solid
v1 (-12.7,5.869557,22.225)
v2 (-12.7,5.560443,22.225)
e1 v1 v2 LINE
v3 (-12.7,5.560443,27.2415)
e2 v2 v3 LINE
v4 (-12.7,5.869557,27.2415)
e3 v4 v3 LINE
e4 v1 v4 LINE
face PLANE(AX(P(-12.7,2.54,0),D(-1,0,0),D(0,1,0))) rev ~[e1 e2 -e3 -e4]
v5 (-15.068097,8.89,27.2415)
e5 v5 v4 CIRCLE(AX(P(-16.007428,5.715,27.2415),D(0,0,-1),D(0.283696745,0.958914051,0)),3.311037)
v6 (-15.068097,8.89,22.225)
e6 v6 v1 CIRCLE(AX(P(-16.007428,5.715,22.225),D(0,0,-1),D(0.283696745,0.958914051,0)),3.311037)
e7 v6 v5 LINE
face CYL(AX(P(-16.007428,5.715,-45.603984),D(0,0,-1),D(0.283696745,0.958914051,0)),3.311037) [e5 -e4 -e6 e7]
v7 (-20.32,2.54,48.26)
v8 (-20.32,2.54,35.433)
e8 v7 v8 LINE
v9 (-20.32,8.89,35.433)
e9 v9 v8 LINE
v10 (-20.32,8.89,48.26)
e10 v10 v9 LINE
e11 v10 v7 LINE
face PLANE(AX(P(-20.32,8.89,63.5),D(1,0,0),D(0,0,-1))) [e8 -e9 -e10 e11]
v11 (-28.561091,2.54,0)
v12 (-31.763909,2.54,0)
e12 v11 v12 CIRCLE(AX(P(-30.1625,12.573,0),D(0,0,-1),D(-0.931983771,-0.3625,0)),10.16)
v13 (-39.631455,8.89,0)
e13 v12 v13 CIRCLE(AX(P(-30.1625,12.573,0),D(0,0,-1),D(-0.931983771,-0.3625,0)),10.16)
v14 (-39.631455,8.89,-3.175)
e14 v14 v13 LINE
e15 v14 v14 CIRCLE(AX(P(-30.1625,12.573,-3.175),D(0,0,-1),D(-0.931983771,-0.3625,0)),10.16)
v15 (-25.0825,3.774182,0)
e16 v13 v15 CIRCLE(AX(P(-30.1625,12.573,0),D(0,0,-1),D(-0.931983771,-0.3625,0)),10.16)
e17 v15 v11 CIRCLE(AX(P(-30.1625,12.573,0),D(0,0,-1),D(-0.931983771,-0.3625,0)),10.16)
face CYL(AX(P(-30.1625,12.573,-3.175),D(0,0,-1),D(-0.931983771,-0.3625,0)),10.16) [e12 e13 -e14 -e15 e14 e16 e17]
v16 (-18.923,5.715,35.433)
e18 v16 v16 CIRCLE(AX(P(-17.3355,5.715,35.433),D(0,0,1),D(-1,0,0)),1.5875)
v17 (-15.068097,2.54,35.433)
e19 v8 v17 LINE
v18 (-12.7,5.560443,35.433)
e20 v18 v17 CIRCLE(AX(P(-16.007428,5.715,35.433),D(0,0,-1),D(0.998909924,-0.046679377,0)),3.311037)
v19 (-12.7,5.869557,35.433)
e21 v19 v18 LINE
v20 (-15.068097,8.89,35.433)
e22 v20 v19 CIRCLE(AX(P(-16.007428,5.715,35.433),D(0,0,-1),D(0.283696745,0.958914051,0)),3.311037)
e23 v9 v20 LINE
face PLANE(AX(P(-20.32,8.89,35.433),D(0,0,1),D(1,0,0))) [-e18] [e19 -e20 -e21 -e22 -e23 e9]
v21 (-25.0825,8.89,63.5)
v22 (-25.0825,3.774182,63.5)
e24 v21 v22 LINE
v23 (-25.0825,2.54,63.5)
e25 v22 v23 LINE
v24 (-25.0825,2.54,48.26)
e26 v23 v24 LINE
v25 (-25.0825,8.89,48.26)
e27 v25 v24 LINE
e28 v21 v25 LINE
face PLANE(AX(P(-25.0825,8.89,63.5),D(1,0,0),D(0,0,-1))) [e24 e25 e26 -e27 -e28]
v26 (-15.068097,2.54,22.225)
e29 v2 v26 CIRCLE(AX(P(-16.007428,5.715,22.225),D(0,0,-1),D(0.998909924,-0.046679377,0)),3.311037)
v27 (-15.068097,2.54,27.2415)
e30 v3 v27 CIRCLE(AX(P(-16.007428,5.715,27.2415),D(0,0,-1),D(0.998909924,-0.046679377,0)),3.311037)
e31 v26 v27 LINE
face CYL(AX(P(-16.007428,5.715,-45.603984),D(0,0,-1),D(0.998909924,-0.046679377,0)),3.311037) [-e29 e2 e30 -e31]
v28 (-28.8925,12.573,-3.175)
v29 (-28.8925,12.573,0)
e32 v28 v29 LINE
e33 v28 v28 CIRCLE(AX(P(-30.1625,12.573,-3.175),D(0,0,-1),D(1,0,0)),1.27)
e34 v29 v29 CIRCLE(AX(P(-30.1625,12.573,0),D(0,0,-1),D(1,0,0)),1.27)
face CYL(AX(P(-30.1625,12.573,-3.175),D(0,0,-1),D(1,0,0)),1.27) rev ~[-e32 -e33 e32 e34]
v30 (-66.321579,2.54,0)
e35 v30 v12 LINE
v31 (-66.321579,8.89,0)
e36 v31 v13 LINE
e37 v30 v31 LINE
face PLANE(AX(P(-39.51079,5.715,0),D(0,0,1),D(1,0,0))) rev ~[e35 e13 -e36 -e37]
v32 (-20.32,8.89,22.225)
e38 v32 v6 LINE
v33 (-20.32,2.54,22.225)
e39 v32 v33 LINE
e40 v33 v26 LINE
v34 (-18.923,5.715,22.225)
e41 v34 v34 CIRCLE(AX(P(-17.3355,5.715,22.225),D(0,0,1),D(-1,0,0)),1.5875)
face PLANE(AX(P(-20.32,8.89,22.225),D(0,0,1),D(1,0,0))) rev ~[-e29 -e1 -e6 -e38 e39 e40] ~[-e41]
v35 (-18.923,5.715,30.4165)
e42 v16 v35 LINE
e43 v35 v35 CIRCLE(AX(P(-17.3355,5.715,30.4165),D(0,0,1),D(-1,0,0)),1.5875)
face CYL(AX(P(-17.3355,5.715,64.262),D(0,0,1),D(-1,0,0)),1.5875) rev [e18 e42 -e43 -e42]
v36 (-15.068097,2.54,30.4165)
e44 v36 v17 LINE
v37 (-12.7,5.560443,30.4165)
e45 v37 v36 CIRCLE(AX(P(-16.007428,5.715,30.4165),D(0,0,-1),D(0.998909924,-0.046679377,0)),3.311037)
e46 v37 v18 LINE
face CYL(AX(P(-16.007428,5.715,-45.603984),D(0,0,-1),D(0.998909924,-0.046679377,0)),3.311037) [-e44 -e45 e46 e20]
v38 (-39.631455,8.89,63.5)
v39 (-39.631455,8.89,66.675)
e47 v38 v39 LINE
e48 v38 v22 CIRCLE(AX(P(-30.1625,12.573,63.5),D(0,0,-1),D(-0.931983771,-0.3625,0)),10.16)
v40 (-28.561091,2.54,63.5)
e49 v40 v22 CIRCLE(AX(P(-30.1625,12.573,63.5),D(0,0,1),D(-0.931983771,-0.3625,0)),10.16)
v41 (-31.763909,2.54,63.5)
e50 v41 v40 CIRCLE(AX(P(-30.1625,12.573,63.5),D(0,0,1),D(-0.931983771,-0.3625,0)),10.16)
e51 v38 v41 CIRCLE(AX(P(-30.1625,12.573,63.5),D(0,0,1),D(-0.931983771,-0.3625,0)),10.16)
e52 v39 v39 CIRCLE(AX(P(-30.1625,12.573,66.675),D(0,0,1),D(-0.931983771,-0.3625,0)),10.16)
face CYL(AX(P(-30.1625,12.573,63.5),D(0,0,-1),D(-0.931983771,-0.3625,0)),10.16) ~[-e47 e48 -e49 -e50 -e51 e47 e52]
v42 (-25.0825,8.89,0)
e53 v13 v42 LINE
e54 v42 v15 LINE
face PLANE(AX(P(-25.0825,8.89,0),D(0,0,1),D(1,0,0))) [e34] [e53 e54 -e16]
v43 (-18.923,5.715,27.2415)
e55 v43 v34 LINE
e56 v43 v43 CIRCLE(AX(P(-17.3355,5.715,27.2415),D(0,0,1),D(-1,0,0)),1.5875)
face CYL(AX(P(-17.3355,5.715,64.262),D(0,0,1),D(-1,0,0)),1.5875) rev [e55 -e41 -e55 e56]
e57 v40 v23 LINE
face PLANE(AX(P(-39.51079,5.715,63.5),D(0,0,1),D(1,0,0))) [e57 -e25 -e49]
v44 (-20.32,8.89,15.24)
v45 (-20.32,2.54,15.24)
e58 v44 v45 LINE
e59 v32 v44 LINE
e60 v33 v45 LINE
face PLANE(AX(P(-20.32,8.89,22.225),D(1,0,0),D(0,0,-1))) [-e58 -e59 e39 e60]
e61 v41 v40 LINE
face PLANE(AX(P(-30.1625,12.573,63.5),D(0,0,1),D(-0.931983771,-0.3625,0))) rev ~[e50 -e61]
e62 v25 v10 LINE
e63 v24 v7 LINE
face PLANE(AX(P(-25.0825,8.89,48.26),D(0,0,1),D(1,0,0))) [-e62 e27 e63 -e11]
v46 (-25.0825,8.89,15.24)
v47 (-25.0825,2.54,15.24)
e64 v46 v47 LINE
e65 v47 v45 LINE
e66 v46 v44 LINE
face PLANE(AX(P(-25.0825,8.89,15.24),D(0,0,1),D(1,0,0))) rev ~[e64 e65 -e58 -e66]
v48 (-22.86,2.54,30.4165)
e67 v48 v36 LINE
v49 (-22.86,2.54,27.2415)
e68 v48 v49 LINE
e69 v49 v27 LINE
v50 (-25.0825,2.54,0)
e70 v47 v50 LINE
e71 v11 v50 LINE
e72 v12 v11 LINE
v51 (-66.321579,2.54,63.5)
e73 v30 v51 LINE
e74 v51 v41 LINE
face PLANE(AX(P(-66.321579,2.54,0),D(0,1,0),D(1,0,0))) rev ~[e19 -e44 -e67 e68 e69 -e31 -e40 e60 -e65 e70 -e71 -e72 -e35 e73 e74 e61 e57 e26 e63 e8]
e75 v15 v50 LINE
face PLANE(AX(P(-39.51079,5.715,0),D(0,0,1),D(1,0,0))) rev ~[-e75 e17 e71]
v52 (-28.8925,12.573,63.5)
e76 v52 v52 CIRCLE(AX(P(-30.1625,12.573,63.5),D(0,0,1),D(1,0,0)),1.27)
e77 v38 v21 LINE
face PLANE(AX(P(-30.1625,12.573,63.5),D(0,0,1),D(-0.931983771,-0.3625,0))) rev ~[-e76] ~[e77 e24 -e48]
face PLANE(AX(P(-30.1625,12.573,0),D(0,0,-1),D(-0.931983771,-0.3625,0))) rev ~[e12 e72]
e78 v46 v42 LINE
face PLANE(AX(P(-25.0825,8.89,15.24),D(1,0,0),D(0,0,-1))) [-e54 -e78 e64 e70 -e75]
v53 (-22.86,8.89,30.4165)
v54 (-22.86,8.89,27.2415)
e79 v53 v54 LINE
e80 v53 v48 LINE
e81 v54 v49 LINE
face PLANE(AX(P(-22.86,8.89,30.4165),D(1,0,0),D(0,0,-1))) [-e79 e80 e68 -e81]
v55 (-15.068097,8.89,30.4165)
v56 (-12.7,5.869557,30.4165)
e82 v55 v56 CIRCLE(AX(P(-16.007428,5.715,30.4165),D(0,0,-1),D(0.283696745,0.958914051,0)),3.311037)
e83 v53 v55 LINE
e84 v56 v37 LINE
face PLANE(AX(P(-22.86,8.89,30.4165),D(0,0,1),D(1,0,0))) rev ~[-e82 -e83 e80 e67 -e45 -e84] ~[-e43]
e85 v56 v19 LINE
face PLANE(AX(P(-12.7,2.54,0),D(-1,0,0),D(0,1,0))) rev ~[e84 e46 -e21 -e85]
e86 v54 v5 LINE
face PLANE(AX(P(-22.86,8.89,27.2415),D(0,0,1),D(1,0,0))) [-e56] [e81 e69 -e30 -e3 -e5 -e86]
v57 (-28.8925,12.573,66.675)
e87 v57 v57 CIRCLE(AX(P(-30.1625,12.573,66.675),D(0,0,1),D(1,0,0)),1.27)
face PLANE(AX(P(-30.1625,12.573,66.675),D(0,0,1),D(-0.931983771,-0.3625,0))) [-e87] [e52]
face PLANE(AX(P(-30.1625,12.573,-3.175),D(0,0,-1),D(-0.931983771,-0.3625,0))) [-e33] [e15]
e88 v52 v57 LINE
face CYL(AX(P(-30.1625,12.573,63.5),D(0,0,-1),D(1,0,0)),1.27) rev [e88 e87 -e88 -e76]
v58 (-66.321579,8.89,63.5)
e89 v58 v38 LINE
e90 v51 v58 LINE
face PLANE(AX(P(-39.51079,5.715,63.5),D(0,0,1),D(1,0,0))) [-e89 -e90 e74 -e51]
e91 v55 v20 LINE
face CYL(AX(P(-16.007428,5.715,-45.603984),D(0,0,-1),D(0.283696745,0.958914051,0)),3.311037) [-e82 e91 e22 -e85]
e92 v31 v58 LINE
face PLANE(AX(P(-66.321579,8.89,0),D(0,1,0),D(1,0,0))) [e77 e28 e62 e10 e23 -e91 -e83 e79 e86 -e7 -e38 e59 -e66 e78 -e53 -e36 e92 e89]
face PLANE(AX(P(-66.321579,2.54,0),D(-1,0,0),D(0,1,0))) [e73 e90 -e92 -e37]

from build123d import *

# Parameters (mm, degrees)
SKETCH1_W                = 53.621579066
SKETCH1_H                = 6.35
BOSS_EXTRUDE2_DEPTH      = 63.5
CUT_EXTRUDE2_DEPTH       = 93.248761228
CUT_EXTRUDE2_DEPTH_BACK  = 0.762
SKETCH3_R                = 1.5875
SKETCH5_R                = 10.16
SKETCH5_R_2              = 1.27
BOSS_EXTRUDE3_DEPTH      = 3.175
BOSS_EXTRUDE4_START      = 3.175
SKETCH6_R                = 10.16
SKETCH6_R_2              = 1.27
BOSS_EXTRUDE4_DEPTH      = 3.175
SKETCH11_W               = 7.62
SKETCH11_H               = 22.225
SKETCH11_H_2             = 28.067
SKETCH11_W_2             = 10.16
SKETCH11_H_3             = 3.175
CUT_EXTRUDE10_DEPTH      = 96.056489111
CUT_EXTRUDE11_DEPTH      = 81.036983958
CUT_EXTRUDE11_DEPTH_BACK = 81.036983958
SKETCH12_W               = 4.7625
SKETCH12_H               = 15.24
CUT_EXTRUDE12_DEPTH      = 96.056489111


with BuildPart() as part:
    # Sketch1 → Boss-Extrude2 (new body)
    with BuildSketch(Plane.XY):
        with Locations((-39.51078952, 5.715)):
            Rectangle(SKETCH1_W, SKETCH1_H)
    extrude(amount=BOSS_EXTRUDE2_DEPTH)

    # Sketch3 → Cut-Extrude2 (cut, two sides: drawn at the far end of the back side and taken through both)
    with BuildSketch(Plane(origin=(0, 0, 63.5), x_dir=(-1, 0, 0), z_dir=(0, 0, -1)).offset(-CUT_EXTRUDE2_DEPTH_BACK)):
        with Locations((17.3355, 5.715)):
            Circle(SKETCH3_R)
    extrude(amount=CUT_EXTRUDE2_DEPTH + CUT_EXTRUDE2_DEPTH_BACK, mode=Mode.SUBTRACT)

    # Sketch5 → Boss-Extrude3 (add)
    with BuildSketch(Plane.XY.offset(63.5)):
        with Locations(Location((-30.1625, 12.573, 0), (0, 0, 201.253809185))):
            Circle(SKETCH5_R)
        with Locations((-30.1625, 12.573)):
            Circle(SKETCH5_R_2, mode=Mode.SUBTRACT)
    extrude(amount=BOSS_EXTRUDE3_DEPTH)

    # Sketch6 → Boss-Extrude4 (add)
    with BuildSketch(Plane(origin=(0, 0, 0), x_dir=(-1, 0, 0), z_dir=(0, 0, -1)).offset(BOSS_EXTRUDE4_START)):
        with Locations(Location((30.1625, 12.573, 0), (0, 0, 338.746190815))):
            Circle(SKETCH6_R)
        with Locations(Location((30.1625, 12.573, 0), (0, 0, 180))):
            Circle(SKETCH6_R_2, mode=Mode.SUBTRACT)
    extrude(amount=-BOSS_EXTRUDE4_DEPTH)

    # Sketch11 → Cut-Extrude10 (cut, through all)
    with BuildSketch(Plane(origin=(0, 8.89, 0), x_dir=(1, 0, 0), z_dir=(0, 1, 0))):
        with Locations((-16.509999987, -11.1125)):
            Rectangle(SKETCH11_W, SKETCH11_H)
        with Locations((-16.509999987, -49.4665)):
            Rectangle(SKETCH11_W, SKETCH11_H_2)
        with Locations((-17.779999987, -28.829)):
            Rectangle(SKETCH11_W_2, SKETCH11_H_3)
    extrude(amount=-CUT_EXTRUDE10_DEPTH, mode=Mode.SUBTRACT)

    # Sketch10 → Cut-Extrude11 (cut, two sides: drawn at the far end of the back side and taken through both)
    with BuildSketch(Plane.XY.offset(35.433).offset(-CUT_EXTRUDE11_DEPTH_BACK)):
        with BuildLine():
            Line((-12.699999987, 8.89), (-15.068097359, 8.89))
            ThreePointArc((-15.068097359, 8.89), (-13.401759428, 7.757904548), (-12.699999987, 5.86955715))
            Line((-12.699999987, 5.86955715), (-12.699999987, 8.89))
        make_face()
        with BuildLine():
            Line((-12.699999987, 2.54), (-12.699999987, 5.56044285))
            ThreePointArc((-12.699999987, 5.56044285), (-13.401759428, 3.672095452), (-15.068097359, 2.54))
            Line((-15.068097359, 2.54), (-12.699999987, 2.54))
        make_face()
    extrude(amount=CUT_EXTRUDE11_DEPTH + CUT_EXTRUDE11_DEPTH_BACK, mode=Mode.SUBTRACT)

    # Sketch12 → Cut-Extrude12 (cut, through all)
    with BuildSketch(Plane(origin=(0, 8.89, 0), x_dir=(1, 0, 0), z_dir=(0, 1, 0))):
        with Locations((-22.701249987, -7.62)):
            Rectangle(SKETCH12_W, SKETCH12_H)
        with Locations((-22.701249987, -55.88)):
            Rectangle(SKETCH12_W, SKETCH12_H)
    extrude(amount=-CUT_EXTRUDE12_DEPTH, mode=Mode.SUBTRACT)


solid = part.part
